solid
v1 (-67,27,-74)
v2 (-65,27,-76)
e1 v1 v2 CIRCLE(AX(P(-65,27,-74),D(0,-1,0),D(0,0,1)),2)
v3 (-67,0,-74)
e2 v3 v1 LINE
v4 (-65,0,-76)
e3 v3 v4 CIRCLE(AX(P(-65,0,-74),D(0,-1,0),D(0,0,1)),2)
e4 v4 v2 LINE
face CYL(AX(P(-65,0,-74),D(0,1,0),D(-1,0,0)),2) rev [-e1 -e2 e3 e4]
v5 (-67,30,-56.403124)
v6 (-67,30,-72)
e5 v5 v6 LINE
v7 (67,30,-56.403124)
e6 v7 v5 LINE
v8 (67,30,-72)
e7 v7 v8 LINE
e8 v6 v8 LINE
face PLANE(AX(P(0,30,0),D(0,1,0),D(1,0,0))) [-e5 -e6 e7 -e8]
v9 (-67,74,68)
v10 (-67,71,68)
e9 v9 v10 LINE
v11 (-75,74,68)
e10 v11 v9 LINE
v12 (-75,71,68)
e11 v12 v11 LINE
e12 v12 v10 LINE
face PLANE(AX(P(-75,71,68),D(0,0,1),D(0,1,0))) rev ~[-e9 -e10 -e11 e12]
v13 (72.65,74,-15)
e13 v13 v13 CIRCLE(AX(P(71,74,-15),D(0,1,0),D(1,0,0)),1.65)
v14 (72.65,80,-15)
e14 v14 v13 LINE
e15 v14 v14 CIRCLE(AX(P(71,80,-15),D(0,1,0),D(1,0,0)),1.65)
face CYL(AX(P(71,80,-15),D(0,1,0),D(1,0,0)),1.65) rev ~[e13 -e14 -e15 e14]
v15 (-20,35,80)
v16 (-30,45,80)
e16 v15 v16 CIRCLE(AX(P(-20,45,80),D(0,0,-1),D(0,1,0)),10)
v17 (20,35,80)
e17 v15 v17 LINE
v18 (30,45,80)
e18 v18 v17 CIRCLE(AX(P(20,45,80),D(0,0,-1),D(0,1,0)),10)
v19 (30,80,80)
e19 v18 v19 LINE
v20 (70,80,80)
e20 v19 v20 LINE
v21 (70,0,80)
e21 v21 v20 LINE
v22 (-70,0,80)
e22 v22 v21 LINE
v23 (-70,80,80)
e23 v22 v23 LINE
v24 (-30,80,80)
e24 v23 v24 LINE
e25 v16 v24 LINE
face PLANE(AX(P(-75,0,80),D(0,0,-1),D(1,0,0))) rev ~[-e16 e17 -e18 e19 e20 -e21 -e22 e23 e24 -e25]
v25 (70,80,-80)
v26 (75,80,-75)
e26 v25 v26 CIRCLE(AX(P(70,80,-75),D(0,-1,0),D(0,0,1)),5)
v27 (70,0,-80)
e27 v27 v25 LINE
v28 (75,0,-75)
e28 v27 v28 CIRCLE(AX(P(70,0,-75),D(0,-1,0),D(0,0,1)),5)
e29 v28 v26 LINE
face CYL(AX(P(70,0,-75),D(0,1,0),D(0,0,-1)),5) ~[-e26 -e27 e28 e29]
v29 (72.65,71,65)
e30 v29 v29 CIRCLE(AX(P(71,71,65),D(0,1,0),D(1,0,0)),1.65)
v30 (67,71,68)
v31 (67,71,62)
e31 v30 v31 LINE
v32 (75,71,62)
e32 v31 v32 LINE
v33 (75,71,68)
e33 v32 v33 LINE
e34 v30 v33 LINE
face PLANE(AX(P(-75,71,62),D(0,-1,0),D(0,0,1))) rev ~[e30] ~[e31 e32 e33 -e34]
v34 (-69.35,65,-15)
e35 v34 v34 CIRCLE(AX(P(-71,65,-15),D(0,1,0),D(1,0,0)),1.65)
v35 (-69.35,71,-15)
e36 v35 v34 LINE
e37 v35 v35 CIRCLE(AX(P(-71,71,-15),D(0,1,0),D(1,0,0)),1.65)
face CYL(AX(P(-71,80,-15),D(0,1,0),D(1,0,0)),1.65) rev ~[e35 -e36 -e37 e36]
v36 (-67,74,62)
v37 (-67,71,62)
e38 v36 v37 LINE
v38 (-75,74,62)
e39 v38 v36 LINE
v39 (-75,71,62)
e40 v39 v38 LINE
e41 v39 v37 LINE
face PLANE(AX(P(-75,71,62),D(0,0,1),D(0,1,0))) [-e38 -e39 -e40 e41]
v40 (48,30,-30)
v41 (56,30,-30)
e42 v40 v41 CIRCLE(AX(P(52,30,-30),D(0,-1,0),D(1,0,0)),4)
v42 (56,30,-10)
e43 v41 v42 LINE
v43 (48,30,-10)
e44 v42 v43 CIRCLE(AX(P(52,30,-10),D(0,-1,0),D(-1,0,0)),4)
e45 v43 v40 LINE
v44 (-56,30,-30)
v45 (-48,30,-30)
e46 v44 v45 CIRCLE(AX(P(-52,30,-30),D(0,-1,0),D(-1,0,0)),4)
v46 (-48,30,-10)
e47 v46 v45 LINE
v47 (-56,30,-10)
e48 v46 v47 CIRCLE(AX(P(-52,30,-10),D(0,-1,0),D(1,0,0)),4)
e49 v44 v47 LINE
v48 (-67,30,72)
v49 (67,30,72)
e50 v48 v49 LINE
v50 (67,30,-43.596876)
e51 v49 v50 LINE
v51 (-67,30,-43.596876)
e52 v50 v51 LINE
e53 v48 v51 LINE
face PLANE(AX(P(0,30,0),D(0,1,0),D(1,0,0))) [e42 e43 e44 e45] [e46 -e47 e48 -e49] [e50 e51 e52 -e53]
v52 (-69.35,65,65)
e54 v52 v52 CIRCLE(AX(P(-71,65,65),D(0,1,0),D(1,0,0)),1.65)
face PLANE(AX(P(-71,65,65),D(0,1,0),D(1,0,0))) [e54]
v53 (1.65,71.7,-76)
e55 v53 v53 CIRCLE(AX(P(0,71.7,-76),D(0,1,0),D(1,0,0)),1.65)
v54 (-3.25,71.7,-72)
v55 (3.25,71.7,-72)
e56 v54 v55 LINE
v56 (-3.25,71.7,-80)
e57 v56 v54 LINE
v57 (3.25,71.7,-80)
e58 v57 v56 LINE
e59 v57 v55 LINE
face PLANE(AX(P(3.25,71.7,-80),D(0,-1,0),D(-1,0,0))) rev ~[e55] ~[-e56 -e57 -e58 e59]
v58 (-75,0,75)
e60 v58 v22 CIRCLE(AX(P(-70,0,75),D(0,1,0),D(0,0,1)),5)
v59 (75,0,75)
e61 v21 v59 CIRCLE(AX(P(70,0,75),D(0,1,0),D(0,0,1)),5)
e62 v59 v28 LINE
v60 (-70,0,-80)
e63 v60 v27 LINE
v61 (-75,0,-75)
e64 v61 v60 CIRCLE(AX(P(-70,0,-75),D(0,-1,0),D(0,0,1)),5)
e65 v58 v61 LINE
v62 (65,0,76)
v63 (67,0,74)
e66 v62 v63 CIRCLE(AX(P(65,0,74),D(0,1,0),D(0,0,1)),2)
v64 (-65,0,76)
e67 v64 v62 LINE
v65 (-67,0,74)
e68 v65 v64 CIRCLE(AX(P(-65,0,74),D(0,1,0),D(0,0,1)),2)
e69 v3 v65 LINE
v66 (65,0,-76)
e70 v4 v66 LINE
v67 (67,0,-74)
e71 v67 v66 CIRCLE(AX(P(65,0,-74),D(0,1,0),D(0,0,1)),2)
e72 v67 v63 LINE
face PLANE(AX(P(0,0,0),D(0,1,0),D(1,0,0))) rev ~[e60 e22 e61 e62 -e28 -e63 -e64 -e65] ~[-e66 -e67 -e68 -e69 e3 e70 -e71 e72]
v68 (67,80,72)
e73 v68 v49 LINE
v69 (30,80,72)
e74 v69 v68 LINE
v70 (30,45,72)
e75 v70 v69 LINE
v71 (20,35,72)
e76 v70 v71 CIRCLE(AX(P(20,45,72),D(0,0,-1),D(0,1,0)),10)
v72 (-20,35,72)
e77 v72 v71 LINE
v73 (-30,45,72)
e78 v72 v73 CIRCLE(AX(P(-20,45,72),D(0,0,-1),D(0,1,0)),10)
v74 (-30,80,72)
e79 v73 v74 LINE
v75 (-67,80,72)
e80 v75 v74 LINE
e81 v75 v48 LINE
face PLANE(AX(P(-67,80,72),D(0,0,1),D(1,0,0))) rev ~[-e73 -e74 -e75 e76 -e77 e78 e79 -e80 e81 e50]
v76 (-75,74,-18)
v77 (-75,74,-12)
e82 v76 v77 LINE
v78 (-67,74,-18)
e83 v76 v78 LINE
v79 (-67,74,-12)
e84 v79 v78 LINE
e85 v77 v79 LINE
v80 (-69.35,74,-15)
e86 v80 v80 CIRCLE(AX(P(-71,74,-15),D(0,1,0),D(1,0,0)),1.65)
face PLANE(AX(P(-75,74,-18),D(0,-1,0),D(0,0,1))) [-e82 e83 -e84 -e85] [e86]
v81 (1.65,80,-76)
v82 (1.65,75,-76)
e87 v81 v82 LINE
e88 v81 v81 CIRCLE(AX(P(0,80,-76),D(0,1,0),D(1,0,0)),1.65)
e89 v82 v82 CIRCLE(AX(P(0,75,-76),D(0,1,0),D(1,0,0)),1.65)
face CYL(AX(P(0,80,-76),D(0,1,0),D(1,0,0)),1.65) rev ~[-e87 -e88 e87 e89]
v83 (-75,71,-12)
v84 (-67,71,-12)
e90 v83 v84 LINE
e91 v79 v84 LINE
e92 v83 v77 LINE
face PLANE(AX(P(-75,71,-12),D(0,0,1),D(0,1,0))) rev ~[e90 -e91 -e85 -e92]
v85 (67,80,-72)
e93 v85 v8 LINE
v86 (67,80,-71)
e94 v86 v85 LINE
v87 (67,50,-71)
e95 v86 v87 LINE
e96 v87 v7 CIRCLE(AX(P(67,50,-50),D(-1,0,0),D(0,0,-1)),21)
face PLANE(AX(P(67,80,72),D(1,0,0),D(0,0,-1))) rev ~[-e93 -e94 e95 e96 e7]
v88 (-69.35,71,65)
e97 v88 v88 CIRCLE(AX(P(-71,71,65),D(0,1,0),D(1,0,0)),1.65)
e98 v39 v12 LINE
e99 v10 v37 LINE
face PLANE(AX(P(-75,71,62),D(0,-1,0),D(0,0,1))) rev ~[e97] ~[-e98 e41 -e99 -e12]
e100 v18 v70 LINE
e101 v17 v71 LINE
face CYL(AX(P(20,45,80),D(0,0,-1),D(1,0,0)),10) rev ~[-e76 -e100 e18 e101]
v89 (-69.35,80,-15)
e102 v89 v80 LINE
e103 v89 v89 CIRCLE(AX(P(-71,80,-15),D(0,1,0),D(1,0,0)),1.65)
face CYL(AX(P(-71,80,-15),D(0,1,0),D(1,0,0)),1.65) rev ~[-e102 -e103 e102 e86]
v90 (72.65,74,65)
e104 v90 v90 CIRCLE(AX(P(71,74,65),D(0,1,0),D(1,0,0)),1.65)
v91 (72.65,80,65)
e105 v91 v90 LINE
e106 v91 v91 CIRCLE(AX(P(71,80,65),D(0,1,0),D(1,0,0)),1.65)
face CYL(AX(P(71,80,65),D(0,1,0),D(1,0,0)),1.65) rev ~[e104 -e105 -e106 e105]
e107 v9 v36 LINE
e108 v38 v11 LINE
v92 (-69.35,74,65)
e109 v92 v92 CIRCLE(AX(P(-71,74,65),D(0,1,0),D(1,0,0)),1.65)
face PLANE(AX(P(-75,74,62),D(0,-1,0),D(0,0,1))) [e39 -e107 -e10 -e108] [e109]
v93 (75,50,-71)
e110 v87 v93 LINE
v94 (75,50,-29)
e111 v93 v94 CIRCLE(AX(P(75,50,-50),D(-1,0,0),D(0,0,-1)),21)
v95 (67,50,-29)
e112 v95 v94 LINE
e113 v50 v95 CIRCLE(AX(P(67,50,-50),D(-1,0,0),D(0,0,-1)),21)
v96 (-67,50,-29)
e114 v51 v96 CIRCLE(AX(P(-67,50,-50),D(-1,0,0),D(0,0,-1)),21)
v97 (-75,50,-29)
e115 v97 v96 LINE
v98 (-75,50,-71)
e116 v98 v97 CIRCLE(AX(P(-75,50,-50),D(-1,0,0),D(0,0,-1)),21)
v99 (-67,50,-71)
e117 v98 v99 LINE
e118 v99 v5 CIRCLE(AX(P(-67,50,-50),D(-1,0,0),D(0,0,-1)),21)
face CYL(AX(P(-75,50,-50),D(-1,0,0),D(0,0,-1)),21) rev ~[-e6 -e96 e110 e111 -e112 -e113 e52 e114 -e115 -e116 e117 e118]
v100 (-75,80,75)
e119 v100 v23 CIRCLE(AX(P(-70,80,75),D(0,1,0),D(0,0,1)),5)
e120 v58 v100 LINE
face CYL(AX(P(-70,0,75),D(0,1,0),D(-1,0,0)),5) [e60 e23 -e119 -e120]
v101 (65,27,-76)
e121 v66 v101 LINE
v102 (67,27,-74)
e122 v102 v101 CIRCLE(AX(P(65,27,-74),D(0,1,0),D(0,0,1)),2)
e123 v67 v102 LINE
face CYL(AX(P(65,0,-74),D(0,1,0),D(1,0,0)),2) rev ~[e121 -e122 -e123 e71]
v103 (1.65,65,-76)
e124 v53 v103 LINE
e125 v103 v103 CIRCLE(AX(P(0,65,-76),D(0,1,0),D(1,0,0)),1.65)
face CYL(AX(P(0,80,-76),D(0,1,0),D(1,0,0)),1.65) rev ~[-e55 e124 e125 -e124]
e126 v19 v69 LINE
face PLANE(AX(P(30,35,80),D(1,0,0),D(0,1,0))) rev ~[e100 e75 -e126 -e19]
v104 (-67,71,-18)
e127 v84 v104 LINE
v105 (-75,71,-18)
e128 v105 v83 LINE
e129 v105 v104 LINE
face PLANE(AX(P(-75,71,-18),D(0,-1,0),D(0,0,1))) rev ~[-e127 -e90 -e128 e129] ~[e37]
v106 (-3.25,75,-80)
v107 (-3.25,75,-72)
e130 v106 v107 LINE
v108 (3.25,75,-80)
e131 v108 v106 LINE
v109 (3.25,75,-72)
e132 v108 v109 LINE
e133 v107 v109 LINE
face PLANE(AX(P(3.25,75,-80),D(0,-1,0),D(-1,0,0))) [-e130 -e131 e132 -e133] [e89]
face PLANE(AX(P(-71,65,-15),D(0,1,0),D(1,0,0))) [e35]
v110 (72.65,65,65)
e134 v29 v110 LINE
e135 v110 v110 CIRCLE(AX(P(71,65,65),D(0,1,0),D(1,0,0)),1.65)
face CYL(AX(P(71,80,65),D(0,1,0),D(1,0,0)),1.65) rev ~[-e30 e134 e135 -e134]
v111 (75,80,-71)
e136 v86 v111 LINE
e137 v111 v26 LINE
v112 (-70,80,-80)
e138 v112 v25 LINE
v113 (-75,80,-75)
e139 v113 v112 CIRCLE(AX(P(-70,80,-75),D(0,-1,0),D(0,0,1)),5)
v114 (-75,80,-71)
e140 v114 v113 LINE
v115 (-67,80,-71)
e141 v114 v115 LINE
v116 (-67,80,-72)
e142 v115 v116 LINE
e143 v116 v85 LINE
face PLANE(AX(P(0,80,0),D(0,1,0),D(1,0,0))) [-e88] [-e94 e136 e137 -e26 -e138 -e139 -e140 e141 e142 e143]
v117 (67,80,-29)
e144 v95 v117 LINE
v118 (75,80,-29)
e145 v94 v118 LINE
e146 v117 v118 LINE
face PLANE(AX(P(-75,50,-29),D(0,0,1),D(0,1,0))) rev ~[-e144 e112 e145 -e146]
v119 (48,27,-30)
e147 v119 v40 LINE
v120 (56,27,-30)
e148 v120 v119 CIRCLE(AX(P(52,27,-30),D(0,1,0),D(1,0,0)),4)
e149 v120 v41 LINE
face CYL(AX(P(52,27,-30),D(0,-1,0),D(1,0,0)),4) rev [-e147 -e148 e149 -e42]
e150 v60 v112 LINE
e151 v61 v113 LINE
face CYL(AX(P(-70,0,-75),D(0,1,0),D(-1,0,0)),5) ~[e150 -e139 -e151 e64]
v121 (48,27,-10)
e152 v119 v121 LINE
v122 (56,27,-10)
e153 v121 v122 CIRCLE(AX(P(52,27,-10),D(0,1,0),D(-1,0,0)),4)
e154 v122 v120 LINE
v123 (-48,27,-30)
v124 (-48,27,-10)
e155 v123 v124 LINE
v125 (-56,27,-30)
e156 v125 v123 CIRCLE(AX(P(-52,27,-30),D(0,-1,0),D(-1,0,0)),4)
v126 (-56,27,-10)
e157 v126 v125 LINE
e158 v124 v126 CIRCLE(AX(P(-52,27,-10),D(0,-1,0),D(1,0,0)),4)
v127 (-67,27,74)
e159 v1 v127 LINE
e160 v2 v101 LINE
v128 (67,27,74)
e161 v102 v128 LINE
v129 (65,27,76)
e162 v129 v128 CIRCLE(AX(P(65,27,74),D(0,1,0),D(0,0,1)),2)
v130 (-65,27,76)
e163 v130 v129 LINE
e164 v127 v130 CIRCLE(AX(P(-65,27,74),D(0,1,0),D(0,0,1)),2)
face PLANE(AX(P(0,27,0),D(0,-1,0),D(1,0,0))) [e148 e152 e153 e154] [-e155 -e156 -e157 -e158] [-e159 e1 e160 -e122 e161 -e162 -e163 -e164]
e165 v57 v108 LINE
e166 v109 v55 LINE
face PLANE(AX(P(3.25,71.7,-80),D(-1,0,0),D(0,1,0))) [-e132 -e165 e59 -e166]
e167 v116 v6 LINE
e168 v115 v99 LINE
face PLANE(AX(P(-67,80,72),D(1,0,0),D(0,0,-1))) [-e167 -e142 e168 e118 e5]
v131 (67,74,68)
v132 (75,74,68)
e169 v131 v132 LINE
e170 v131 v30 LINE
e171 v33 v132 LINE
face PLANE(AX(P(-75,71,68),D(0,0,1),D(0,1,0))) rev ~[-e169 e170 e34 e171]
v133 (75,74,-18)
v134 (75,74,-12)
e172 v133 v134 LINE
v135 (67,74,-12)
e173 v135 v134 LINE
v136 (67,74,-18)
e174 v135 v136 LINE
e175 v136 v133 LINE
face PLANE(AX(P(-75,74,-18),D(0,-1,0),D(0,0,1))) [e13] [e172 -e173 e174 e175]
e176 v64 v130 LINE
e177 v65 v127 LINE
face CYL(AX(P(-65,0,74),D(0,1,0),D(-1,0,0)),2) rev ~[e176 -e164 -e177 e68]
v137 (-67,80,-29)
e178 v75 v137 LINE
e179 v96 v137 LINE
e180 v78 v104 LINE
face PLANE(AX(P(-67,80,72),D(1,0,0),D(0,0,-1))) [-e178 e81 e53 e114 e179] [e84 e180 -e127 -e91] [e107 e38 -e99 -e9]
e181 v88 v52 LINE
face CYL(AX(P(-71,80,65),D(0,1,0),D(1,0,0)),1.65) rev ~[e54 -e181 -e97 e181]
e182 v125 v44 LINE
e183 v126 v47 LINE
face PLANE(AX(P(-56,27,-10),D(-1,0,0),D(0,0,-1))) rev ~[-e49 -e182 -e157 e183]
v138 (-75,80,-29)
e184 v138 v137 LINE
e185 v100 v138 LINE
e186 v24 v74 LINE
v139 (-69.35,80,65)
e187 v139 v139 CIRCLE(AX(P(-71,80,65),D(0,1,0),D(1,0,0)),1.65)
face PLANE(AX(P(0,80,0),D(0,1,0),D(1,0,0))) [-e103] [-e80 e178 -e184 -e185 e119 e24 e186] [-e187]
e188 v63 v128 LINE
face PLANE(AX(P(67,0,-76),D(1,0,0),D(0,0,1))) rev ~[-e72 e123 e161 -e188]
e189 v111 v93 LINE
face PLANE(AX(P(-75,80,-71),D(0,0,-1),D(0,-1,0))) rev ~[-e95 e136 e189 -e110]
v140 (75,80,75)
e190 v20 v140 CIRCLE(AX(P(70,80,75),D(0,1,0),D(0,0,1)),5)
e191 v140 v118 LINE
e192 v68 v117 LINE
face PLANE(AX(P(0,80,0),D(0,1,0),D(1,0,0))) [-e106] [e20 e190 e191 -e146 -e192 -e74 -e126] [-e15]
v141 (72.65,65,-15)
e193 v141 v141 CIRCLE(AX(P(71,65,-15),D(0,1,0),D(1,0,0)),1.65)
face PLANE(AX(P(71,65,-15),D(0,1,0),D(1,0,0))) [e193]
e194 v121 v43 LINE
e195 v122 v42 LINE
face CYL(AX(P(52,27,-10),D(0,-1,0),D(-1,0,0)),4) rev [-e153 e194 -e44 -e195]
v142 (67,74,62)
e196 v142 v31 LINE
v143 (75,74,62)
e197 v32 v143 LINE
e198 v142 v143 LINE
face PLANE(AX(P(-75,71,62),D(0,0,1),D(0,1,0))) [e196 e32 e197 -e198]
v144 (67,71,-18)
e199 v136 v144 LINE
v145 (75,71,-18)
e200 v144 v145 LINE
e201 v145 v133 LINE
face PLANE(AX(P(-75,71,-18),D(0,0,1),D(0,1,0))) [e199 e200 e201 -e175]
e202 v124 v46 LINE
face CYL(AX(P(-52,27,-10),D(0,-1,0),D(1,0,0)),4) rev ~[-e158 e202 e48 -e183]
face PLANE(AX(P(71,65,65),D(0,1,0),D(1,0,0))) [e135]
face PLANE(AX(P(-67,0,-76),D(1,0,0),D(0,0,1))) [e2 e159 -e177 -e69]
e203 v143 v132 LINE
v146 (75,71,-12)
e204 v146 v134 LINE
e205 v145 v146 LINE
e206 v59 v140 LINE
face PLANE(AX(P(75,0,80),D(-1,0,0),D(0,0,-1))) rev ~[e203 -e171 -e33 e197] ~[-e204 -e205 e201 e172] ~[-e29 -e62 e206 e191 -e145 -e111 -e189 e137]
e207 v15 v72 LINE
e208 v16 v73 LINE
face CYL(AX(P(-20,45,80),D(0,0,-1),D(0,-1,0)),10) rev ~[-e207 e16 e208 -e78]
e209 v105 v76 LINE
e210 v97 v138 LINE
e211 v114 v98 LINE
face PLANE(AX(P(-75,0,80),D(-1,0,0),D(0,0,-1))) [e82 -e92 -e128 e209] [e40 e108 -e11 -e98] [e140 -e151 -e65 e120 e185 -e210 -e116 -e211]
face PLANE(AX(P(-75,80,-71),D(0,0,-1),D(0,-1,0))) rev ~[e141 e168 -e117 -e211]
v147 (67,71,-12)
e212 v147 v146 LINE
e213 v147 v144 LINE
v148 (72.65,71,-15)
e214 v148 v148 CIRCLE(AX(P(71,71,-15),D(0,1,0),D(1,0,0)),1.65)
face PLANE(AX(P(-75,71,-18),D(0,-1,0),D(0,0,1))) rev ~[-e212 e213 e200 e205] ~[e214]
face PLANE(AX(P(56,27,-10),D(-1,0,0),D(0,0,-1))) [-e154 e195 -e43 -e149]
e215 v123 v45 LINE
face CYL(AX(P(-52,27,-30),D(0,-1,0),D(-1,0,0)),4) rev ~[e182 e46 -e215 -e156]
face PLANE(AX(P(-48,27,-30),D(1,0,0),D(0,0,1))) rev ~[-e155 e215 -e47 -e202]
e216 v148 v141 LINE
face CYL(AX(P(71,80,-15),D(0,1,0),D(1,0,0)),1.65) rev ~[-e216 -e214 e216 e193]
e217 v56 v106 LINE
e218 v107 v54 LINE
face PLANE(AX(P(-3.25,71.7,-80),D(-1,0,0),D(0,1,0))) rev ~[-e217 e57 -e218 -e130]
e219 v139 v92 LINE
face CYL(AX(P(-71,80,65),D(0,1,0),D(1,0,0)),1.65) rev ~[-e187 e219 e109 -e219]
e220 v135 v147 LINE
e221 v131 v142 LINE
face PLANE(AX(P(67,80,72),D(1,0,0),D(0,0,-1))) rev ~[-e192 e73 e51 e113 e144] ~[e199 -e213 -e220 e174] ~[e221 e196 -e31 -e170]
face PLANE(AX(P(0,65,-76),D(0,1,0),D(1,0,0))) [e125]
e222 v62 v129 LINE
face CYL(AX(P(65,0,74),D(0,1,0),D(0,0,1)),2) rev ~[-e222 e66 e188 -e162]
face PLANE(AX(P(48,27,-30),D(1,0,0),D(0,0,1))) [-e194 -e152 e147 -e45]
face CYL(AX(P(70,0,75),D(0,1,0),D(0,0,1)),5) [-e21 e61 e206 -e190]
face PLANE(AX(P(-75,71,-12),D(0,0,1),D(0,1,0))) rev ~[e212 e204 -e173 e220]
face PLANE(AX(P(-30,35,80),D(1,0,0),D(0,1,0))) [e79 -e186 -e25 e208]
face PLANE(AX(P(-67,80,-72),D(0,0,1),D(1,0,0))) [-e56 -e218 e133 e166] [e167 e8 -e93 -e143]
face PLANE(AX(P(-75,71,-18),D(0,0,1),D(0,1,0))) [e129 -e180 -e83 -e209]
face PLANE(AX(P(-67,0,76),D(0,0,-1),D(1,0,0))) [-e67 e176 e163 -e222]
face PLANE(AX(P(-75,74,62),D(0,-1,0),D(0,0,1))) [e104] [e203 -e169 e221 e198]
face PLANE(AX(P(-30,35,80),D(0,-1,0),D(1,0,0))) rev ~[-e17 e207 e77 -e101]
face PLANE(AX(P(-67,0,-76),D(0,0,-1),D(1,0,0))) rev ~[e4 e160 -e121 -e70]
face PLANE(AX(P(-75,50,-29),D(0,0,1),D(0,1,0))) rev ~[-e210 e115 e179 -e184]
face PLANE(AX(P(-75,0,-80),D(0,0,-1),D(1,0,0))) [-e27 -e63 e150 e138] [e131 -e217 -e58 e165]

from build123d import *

# Parameters (mm, degrees)
SKETCH_1_W           = 150
SKETCH_1_H           = 160
EXTRUDE_1_DEPTH      = 80
CUT_EXTRUDE_1_DEPTH  = 151
FILLET_1_R           = 5
SKETCH_3_W           = 134
SKETCH_3_H           = 152
CUT_EXTRUDE_2_DEPTH  = 27
SKETCH_4_W           = 134
SKETCH_4_H           = 144
CUT_EXTRUDE_3_DEPTH  = 50
SKETCH_5_W           = 60
SKETCH_5_H           = 45
CUT_EXTRUDE_4_DEPTH  = 50
FILLET_2_R           = 2
SKETCH_7_R           = 1.65
CUT_EXTRUDE_6_DEPTH  = 15
SKETCH_9_W           = 6
SKETCH_9_H           = 3
CUT_EXTRUDE_7_DEPTH  = 151
SKETCH_11_R          = 1.65
CUT_EXTRUDE_8_DEPTH  = 15
SKETCH_12_W          = 6.5
SKETCH_12_H          = 3.3
CUT_EXTRUDE_9_DEPTH  = 15
FILLET_3_R           = 10
CUT_EXTRUDE_10_DEPTH = 54


with BuildPart() as part:
    # 草图1 → 凸台-拉伸1 (new body)
    with BuildSketch(Plane(origin=(0, 0, 0), x_dir=(1, 0, 0), z_dir=(0, 1, 0))):
        Rectangle(SKETCH_1_W, SKETCH_1_H)
    extrude(amount=EXTRUDE_1_DEPTH)

    # 草图2 → 切除-拉伸1 (cut, through all)
    with BuildSketch(Plane.ZY.offset(75)):
        with BuildLine():
            Line((-29, 50), (-29, 80))
            Line((-29, 80), (-71, 80))
            Line((-71, 80), (-71, 50))
            ThreePointArc((-71, 50), (-50, 29), (-29, 50))
        make_face()
    extrude(amount=-CUT_EXTRUDE_1_DEPTH, mode=Mode.SUBTRACT)

    # 圆角1
    fillet_1_edges = [part.edges().sort_by_distance(p)[0] for p in [
        (75, 40, 80),
        (-75, 40, 80),
        (-75, 40, -80),
        (75, 40, -80),
    ]]
    fillet(fillet_1_edges, radius=FILLET_1_R)

    # 草图3 → 切除-拉伸2 (cut)
    with BuildSketch(Plane.XZ):
        Rectangle(SKETCH_3_W, SKETCH_3_H)
    extrude(amount=-CUT_EXTRUDE_2_DEPTH, mode=Mode.SUBTRACT)

    # 草图4 → 切除-拉伸3 (cut)
    with BuildSketch(Plane(origin=(0, 80, 0), x_dir=(1, 0, 0), z_dir=(0, 1, 0))):
        Rectangle(SKETCH_4_W, SKETCH_4_H)
    extrude(amount=-CUT_EXTRUDE_3_DEPTH, mode=Mode.SUBTRACT)

    # 草图5 → 切除-拉伸4 (cut)
    with BuildSketch(Plane.XY.offset(80)):
        with Locations((0, 57.5)):
            Rectangle(SKETCH_5_W, SKETCH_5_H)
    extrude(amount=-CUT_EXTRUDE_4_DEPTH, mode=Mode.SUBTRACT)

    # 圆角2
    fillet_2_edges = [part.edges().sort_by_distance(p)[0] for p in [
        (-67, 13.5, -76),
        (-67, 13.5, 76),
        (67, 13.5, 76),
        (67, 13.5, -76),
    ]]
    fillet(fillet_2_edges, radius=FILLET_2_R)

    # 草图7 → 切除-拉伸6 (cut)
    with BuildSketch(Plane(origin=(0, 80, 0), x_dir=(1, 0, 0), z_dir=(0, 1, 0))):
        with Locations((-71, -65)):
            Circle(SKETCH_7_R)
        with Locations((-71, 15)):
            Circle(SKETCH_7_R)
        with Locations((71, -65)):
            Circle(SKETCH_7_R)
        with Locations((71, 15)):
            Circle(SKETCH_7_R)
    extrude(amount=-CUT_EXTRUDE_6_DEPTH, mode=Mode.SUBTRACT)

    # 草图9 → 切除-拉伸7 (cut, through all)
    with BuildSketch(Plane.ZY.offset(75)):
        with Locations((65, 72.5)):
            Rectangle(SKETCH_9_W, SKETCH_9_H)
        with Locations((-15, 72.5)):
            Rectangle(SKETCH_9_W, SKETCH_9_H)
    extrude(amount=-CUT_EXTRUDE_7_DEPTH, mode=Mode.SUBTRACT)

    # 草图11 → 切除-拉伸8 (cut)
    with BuildSketch(Plane(origin=(0, 80, 0), x_dir=(1, 0, 0), z_dir=(0, 1, 0))):
        with Locations((0, 76)):
            Circle(SKETCH_11_R)
    extrude(amount=-CUT_EXTRUDE_8_DEPTH, mode=Mode.SUBTRACT)

    # 草图12 → 切除-拉伸9 (cut)
    with BuildSketch(Plane(origin=(0, 0, -80), x_dir=(-1, 0, 0), z_dir=(0, 0, -1))):
        with Locations((0, 73.35)):
            Rectangle(SKETCH_12_W, SKETCH_12_H)
    extrude(amount=-CUT_EXTRUDE_9_DEPTH, mode=Mode.SUBTRACT)

    # 圆角3
    fillet_3_edges = [part.edges().sort_by_distance(p)[0] for p in [
        (-30, 35, 76),
        (30, 35, 76),
    ]]
    fillet(fillet_3_edges, radius=FILLET_3_R)

    # 草图13 → 切除-拉伸10 (cut, through all)
    with BuildSketch(Plane.XZ.offset(-27)):
        with BuildLine():
            Line((56, -10), (56, -30))
            ThreePointArc((56, -30), (52, -34), (48, -30))
            Line((48, -30), (48, -10))
            ThreePointArc((48, -10), (52, -6), (56, -10))
        make_face()
        with BuildLine():
            Line((-56, -10), (-56, -30))
            ThreePointArc((-56, -30), (-52, -34), (-48, -30))
            Line((-48, -30), (-48, -10))
            ThreePointArc((-48, -10), (-52, -6), (-56, -10))
        make_face()
    extrude(amount=-CUT_EXTRUDE_10_DEPTH, mode=Mode.SUBTRACT)


solid = part.part
